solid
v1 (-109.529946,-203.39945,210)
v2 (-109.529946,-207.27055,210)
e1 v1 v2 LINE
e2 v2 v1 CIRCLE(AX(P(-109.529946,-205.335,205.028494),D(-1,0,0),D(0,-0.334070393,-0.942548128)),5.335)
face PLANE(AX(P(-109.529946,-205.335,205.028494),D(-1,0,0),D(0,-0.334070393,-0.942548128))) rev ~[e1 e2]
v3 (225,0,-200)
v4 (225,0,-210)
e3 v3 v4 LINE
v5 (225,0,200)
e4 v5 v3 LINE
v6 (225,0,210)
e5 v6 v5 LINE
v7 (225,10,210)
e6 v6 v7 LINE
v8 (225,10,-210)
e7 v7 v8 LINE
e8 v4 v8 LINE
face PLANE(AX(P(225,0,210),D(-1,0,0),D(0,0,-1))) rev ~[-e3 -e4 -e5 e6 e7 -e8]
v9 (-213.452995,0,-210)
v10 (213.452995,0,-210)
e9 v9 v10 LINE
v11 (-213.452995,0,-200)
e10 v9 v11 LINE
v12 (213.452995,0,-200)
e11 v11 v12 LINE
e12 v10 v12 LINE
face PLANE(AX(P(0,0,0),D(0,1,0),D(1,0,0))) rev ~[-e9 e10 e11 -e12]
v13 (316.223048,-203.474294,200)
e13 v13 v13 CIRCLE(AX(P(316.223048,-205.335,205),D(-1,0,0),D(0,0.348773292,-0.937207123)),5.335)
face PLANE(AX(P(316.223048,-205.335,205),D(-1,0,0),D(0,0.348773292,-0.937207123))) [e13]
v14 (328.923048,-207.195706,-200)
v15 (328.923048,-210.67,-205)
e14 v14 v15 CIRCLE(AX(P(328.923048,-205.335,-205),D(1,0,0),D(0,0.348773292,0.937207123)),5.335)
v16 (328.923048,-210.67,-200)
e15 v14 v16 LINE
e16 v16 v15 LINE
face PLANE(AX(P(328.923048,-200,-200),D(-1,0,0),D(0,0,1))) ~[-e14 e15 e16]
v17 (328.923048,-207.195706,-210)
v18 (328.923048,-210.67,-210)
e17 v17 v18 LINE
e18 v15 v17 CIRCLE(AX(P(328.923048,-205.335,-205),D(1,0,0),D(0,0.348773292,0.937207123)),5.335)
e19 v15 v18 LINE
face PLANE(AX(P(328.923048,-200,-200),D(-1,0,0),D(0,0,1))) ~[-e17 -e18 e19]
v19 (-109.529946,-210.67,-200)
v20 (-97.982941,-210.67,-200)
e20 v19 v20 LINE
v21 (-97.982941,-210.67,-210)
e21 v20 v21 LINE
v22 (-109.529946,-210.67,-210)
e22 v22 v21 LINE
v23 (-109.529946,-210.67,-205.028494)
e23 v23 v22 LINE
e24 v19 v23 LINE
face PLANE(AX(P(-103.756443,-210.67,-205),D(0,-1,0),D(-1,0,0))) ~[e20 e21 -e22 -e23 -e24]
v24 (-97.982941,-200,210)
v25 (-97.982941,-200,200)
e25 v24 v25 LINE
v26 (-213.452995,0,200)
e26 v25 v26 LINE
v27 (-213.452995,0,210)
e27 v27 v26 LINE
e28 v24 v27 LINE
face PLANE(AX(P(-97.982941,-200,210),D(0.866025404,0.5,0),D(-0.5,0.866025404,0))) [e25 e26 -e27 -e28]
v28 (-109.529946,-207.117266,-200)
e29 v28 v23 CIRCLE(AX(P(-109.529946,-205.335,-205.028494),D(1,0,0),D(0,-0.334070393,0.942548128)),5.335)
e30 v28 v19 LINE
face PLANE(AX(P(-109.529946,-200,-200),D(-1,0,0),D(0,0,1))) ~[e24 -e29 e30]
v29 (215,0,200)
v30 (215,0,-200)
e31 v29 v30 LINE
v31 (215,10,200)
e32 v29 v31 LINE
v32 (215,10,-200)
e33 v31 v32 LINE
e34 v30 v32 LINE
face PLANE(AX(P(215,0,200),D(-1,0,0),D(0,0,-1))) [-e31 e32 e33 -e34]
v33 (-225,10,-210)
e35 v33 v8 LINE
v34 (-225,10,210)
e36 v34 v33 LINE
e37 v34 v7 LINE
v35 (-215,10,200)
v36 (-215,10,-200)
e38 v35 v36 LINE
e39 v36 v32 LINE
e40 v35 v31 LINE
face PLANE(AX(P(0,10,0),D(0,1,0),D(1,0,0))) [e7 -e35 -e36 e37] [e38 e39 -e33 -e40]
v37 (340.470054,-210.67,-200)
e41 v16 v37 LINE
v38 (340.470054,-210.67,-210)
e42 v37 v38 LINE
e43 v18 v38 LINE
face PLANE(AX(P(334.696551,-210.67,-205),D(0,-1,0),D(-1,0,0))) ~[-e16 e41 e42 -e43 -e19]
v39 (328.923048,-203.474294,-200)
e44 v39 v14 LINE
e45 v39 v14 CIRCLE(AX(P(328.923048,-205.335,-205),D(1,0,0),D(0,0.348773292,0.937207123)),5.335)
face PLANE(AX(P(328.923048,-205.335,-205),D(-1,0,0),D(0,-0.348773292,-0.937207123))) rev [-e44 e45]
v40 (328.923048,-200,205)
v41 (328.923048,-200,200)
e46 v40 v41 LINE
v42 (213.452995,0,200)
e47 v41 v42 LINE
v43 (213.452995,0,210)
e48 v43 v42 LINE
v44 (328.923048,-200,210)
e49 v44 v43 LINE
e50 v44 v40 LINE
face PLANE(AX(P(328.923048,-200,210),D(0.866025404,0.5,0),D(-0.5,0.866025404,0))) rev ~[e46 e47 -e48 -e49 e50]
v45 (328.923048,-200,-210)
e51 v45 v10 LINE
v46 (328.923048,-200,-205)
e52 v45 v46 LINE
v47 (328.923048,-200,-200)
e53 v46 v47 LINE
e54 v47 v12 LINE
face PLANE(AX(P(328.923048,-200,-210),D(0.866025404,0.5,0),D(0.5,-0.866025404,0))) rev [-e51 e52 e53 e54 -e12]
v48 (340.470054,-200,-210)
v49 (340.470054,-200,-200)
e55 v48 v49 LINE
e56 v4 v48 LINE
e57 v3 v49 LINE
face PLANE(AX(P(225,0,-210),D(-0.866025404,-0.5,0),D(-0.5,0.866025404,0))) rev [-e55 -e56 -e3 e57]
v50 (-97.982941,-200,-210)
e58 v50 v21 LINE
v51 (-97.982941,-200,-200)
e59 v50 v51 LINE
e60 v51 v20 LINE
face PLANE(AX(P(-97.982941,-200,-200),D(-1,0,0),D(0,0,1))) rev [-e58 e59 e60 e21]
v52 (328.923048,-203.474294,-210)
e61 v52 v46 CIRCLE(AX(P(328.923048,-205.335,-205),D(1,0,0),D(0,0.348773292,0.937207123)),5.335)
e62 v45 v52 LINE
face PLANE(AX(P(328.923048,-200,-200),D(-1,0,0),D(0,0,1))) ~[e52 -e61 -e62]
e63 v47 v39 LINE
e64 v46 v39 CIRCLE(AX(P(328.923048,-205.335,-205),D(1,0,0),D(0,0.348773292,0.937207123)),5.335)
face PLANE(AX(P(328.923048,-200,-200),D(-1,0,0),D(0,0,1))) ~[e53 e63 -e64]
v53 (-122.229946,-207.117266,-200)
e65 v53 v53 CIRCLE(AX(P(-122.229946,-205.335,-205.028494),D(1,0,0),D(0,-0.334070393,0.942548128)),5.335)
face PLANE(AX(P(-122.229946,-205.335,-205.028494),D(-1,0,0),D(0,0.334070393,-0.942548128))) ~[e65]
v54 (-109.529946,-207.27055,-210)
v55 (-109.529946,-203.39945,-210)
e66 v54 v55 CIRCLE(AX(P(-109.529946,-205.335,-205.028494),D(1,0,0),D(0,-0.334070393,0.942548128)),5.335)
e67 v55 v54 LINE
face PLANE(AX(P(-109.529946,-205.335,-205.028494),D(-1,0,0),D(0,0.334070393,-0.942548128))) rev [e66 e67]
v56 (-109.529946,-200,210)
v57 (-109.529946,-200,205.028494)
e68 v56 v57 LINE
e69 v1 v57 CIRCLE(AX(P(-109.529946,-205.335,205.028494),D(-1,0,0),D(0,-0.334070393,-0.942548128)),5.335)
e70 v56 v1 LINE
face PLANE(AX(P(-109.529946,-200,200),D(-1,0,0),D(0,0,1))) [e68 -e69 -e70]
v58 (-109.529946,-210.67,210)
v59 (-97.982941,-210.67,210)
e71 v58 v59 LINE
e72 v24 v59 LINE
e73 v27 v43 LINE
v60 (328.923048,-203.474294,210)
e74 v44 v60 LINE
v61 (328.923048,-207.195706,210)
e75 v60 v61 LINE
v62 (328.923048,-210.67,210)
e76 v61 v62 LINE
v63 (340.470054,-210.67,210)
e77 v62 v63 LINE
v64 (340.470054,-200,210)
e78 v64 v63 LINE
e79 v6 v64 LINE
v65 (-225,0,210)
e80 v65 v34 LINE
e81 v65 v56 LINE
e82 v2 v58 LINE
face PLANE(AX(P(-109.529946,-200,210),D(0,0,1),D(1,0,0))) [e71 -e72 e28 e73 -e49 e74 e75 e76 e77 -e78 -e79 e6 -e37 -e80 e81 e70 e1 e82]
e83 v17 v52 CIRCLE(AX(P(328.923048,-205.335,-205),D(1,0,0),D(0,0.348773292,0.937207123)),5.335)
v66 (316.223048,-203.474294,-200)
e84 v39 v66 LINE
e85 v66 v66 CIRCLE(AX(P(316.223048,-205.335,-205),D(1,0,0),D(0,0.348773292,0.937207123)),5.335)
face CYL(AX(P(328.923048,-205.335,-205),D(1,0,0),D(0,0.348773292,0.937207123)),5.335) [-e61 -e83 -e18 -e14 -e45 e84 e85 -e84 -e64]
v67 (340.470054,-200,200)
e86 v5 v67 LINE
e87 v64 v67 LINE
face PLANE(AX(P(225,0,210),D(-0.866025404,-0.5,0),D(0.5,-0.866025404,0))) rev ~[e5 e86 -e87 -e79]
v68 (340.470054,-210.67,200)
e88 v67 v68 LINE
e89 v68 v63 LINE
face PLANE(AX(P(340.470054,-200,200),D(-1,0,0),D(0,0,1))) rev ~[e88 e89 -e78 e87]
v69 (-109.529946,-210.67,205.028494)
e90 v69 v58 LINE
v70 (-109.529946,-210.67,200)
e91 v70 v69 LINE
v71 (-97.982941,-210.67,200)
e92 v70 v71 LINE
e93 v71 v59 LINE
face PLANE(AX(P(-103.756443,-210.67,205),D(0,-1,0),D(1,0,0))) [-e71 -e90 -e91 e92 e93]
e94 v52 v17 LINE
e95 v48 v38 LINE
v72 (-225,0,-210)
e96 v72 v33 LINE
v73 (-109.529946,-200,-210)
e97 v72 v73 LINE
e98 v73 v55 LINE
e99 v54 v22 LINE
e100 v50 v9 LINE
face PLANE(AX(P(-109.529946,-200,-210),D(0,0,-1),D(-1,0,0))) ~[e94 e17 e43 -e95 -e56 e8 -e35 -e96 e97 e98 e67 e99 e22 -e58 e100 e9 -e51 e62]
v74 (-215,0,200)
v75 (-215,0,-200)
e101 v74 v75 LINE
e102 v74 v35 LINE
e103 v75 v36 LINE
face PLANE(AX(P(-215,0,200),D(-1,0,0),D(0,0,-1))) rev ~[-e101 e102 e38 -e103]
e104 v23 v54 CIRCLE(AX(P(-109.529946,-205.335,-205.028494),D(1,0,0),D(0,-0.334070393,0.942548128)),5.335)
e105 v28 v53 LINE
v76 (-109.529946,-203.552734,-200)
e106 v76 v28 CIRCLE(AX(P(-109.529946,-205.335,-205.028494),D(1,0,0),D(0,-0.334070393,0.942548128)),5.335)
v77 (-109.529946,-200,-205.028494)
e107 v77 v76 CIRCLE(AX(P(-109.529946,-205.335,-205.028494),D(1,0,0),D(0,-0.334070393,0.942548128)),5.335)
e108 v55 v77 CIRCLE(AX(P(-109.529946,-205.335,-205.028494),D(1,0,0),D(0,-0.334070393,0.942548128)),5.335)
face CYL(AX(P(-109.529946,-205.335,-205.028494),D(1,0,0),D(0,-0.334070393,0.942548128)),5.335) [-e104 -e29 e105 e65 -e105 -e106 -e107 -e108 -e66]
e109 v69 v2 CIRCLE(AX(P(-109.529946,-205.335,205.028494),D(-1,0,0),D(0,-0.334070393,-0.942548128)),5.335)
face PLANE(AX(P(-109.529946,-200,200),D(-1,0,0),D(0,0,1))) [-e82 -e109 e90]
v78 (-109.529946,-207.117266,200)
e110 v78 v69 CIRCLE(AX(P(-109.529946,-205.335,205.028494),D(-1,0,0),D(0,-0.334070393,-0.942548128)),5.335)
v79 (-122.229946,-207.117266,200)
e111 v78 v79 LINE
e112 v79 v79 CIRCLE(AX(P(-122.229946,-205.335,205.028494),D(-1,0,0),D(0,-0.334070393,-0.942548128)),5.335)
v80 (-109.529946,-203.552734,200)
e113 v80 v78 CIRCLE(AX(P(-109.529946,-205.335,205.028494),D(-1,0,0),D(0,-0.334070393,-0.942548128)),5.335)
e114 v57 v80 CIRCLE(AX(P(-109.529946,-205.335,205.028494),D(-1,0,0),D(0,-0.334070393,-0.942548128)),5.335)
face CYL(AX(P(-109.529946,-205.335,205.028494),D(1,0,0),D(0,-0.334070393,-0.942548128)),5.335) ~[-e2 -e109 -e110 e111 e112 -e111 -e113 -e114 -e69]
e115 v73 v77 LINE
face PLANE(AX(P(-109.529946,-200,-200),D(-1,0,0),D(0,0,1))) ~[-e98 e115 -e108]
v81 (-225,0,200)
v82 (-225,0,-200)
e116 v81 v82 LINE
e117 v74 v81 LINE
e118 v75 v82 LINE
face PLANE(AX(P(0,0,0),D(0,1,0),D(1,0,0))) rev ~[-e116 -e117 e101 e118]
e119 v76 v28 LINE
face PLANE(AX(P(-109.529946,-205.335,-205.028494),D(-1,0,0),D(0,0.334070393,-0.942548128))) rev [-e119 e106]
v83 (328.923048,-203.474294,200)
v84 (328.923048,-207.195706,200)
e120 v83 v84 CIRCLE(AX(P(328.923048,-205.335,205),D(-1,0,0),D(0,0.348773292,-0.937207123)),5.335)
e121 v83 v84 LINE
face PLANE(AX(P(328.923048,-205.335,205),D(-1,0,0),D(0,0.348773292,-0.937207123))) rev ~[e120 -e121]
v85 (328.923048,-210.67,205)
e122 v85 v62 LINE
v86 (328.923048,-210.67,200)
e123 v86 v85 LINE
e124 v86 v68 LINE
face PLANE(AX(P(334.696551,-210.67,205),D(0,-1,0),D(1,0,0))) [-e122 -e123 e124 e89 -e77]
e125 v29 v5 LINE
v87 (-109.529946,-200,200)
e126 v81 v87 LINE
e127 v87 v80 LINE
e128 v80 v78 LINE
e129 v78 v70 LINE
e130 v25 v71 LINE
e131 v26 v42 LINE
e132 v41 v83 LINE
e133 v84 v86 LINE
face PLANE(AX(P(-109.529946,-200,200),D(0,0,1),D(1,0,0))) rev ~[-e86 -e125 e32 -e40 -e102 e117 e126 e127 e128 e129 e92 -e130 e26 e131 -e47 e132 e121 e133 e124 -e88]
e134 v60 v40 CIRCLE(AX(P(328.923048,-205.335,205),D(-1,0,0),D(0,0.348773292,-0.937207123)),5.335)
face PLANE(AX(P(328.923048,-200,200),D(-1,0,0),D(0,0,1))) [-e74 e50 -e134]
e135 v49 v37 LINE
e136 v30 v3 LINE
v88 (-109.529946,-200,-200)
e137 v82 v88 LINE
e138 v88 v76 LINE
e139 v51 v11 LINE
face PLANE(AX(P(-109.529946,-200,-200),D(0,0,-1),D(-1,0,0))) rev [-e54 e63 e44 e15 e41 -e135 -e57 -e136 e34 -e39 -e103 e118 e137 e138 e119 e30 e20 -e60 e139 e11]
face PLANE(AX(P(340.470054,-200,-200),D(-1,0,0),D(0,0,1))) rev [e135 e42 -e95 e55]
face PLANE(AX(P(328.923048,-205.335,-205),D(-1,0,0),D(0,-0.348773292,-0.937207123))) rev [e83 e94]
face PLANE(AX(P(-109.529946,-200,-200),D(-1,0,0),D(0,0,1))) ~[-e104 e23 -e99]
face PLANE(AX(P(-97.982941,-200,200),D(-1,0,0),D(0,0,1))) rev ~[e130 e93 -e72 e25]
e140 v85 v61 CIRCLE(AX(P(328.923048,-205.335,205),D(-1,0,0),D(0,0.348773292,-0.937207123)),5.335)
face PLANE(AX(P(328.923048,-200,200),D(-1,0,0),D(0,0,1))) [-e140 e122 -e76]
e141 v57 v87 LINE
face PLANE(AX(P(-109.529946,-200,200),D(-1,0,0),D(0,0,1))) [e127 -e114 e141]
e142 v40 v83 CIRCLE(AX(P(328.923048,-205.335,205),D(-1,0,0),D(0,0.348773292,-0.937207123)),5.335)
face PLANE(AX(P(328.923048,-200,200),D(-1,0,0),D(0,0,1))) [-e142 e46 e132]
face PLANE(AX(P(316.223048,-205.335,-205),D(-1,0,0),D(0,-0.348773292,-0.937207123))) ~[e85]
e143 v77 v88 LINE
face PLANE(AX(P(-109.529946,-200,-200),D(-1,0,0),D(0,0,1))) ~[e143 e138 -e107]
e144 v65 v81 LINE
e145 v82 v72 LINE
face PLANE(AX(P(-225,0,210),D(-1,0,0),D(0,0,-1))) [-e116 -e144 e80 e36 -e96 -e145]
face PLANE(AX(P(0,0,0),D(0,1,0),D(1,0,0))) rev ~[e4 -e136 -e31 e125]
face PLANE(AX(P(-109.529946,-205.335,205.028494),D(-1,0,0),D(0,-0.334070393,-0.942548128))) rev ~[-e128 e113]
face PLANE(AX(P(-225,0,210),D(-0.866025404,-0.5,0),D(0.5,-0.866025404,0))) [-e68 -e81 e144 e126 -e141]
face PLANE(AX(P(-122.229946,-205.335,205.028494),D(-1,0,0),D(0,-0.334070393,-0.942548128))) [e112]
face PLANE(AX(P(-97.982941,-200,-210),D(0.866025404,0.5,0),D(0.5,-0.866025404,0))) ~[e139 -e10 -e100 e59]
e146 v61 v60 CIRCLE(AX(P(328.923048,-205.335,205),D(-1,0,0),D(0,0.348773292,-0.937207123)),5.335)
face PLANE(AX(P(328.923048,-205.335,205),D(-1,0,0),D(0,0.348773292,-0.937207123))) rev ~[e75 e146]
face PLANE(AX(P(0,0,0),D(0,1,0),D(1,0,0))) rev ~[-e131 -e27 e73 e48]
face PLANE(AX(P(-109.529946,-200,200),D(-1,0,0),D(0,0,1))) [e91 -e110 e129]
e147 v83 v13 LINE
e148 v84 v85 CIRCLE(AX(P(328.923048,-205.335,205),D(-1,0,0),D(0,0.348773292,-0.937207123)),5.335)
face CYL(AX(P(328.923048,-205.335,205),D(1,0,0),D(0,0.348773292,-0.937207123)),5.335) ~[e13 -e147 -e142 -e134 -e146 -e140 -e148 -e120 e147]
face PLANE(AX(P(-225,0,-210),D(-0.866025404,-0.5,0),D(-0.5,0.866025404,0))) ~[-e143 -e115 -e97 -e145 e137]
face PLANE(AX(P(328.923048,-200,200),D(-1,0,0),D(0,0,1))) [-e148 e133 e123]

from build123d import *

# Parameters (mm, degrees)
SKETCH1_W           = 450
SKETCH1_H           = 420
SKETCH1_W_2         = 430
SKETCH1_H_2         = 400
BOSS_EXTRUDE1_DEPTH = 10
BOSS_EXTRUDE2_DEPTH = 10
SKETCH8_W           = 11.547005384
SKETCH8_H           = 10
BOSS_EXTRUDE3_DEPTH = 10.67
SKETCH9_R           = 5.335
BOSS_EXTRUDE4_DEPTH = 12.7
SKETCH10_R          = 5.335
BOSS_EXTRUDE5_DEPTH = 12.7


with BuildPart() as part:
    # Sketch1 → Boss-Extrude1 (new body)
    with BuildSketch(Plane(origin=(0, 0, 0), x_dir=(1, 0, 0), z_dir=(0, 1, 0))):
        Rectangle(SKETCH1_W, SKETCH1_H)
        Rectangle(SKETCH1_W_2, SKETCH1_H_2, mode=Mode.SUBTRACT)
    extrude(amount=BOSS_EXTRUDE1_DEPTH)

    # Sketch4 → Boss-Extrude2 (add)
    with BuildSketch(Plane.XY.offset(210)):
        Polygon((-225, 0), (-109.529946162, -200), (-97.982940778, -200), (-213.452994616, 0), align=None)
        Polygon((225, 0), (340.470053838, -200), (328.923048454, -200), (213.452994616, 0), align=None)
    boss_extrude2 = extrude(amount=-BOSS_EXTRUDE2_DEPTH)

    # Mirror1: Boss-Extrude2 across plane
    add(boss_extrude2.mirror(Plane.XY))

    # Sketch8 → Boss-Extrude3 (add)
    with BuildSketch(Plane.XZ.offset(200)):
        with Locations((-103.75644347, 205)):
            Rectangle(SKETCH8_W, SKETCH8_H)
        with Locations((334.696551146, 205)):
            Rectangle(SKETCH8_W, SKETCH8_H)
    boss_extrude3 = extrude(amount=BOSS_EXTRUDE3_DEPTH)

    # Mirror2: Boss-Extrude3 across plane
    add(boss_extrude3.mirror(Plane.XY))

    # Sketch9 → Boss-Extrude4 (add)
    with BuildSketch(Plane.ZY.offset(109.529946162)):
        with Locations(Location((205.028494261, -205.335, 0), (0, 0, 199.516018921))):
            Circle(SKETCH9_R)
    boss_extrude4 = extrude(amount=BOSS_EXTRUDE4_DEPTH)

    # Sketch10 → Boss-Extrude5 (add)
    with BuildSketch(Plane.ZY.offset(-328.923048454)):
        with Locations(Location((205, -205.335, 0), (0, 0, 159.587697496))):
            Circle(SKETCH10_R)
    boss_extrude5 = extrude(amount=BOSS_EXTRUDE5_DEPTH)

    # Mirror3: Boss-Extrude4, Boss-Extrude5 across plane
    add(boss_extrude4.mirror(Plane.XY))
    add(boss_extrude5.mirror(Plane.XY))


solid = part.part
